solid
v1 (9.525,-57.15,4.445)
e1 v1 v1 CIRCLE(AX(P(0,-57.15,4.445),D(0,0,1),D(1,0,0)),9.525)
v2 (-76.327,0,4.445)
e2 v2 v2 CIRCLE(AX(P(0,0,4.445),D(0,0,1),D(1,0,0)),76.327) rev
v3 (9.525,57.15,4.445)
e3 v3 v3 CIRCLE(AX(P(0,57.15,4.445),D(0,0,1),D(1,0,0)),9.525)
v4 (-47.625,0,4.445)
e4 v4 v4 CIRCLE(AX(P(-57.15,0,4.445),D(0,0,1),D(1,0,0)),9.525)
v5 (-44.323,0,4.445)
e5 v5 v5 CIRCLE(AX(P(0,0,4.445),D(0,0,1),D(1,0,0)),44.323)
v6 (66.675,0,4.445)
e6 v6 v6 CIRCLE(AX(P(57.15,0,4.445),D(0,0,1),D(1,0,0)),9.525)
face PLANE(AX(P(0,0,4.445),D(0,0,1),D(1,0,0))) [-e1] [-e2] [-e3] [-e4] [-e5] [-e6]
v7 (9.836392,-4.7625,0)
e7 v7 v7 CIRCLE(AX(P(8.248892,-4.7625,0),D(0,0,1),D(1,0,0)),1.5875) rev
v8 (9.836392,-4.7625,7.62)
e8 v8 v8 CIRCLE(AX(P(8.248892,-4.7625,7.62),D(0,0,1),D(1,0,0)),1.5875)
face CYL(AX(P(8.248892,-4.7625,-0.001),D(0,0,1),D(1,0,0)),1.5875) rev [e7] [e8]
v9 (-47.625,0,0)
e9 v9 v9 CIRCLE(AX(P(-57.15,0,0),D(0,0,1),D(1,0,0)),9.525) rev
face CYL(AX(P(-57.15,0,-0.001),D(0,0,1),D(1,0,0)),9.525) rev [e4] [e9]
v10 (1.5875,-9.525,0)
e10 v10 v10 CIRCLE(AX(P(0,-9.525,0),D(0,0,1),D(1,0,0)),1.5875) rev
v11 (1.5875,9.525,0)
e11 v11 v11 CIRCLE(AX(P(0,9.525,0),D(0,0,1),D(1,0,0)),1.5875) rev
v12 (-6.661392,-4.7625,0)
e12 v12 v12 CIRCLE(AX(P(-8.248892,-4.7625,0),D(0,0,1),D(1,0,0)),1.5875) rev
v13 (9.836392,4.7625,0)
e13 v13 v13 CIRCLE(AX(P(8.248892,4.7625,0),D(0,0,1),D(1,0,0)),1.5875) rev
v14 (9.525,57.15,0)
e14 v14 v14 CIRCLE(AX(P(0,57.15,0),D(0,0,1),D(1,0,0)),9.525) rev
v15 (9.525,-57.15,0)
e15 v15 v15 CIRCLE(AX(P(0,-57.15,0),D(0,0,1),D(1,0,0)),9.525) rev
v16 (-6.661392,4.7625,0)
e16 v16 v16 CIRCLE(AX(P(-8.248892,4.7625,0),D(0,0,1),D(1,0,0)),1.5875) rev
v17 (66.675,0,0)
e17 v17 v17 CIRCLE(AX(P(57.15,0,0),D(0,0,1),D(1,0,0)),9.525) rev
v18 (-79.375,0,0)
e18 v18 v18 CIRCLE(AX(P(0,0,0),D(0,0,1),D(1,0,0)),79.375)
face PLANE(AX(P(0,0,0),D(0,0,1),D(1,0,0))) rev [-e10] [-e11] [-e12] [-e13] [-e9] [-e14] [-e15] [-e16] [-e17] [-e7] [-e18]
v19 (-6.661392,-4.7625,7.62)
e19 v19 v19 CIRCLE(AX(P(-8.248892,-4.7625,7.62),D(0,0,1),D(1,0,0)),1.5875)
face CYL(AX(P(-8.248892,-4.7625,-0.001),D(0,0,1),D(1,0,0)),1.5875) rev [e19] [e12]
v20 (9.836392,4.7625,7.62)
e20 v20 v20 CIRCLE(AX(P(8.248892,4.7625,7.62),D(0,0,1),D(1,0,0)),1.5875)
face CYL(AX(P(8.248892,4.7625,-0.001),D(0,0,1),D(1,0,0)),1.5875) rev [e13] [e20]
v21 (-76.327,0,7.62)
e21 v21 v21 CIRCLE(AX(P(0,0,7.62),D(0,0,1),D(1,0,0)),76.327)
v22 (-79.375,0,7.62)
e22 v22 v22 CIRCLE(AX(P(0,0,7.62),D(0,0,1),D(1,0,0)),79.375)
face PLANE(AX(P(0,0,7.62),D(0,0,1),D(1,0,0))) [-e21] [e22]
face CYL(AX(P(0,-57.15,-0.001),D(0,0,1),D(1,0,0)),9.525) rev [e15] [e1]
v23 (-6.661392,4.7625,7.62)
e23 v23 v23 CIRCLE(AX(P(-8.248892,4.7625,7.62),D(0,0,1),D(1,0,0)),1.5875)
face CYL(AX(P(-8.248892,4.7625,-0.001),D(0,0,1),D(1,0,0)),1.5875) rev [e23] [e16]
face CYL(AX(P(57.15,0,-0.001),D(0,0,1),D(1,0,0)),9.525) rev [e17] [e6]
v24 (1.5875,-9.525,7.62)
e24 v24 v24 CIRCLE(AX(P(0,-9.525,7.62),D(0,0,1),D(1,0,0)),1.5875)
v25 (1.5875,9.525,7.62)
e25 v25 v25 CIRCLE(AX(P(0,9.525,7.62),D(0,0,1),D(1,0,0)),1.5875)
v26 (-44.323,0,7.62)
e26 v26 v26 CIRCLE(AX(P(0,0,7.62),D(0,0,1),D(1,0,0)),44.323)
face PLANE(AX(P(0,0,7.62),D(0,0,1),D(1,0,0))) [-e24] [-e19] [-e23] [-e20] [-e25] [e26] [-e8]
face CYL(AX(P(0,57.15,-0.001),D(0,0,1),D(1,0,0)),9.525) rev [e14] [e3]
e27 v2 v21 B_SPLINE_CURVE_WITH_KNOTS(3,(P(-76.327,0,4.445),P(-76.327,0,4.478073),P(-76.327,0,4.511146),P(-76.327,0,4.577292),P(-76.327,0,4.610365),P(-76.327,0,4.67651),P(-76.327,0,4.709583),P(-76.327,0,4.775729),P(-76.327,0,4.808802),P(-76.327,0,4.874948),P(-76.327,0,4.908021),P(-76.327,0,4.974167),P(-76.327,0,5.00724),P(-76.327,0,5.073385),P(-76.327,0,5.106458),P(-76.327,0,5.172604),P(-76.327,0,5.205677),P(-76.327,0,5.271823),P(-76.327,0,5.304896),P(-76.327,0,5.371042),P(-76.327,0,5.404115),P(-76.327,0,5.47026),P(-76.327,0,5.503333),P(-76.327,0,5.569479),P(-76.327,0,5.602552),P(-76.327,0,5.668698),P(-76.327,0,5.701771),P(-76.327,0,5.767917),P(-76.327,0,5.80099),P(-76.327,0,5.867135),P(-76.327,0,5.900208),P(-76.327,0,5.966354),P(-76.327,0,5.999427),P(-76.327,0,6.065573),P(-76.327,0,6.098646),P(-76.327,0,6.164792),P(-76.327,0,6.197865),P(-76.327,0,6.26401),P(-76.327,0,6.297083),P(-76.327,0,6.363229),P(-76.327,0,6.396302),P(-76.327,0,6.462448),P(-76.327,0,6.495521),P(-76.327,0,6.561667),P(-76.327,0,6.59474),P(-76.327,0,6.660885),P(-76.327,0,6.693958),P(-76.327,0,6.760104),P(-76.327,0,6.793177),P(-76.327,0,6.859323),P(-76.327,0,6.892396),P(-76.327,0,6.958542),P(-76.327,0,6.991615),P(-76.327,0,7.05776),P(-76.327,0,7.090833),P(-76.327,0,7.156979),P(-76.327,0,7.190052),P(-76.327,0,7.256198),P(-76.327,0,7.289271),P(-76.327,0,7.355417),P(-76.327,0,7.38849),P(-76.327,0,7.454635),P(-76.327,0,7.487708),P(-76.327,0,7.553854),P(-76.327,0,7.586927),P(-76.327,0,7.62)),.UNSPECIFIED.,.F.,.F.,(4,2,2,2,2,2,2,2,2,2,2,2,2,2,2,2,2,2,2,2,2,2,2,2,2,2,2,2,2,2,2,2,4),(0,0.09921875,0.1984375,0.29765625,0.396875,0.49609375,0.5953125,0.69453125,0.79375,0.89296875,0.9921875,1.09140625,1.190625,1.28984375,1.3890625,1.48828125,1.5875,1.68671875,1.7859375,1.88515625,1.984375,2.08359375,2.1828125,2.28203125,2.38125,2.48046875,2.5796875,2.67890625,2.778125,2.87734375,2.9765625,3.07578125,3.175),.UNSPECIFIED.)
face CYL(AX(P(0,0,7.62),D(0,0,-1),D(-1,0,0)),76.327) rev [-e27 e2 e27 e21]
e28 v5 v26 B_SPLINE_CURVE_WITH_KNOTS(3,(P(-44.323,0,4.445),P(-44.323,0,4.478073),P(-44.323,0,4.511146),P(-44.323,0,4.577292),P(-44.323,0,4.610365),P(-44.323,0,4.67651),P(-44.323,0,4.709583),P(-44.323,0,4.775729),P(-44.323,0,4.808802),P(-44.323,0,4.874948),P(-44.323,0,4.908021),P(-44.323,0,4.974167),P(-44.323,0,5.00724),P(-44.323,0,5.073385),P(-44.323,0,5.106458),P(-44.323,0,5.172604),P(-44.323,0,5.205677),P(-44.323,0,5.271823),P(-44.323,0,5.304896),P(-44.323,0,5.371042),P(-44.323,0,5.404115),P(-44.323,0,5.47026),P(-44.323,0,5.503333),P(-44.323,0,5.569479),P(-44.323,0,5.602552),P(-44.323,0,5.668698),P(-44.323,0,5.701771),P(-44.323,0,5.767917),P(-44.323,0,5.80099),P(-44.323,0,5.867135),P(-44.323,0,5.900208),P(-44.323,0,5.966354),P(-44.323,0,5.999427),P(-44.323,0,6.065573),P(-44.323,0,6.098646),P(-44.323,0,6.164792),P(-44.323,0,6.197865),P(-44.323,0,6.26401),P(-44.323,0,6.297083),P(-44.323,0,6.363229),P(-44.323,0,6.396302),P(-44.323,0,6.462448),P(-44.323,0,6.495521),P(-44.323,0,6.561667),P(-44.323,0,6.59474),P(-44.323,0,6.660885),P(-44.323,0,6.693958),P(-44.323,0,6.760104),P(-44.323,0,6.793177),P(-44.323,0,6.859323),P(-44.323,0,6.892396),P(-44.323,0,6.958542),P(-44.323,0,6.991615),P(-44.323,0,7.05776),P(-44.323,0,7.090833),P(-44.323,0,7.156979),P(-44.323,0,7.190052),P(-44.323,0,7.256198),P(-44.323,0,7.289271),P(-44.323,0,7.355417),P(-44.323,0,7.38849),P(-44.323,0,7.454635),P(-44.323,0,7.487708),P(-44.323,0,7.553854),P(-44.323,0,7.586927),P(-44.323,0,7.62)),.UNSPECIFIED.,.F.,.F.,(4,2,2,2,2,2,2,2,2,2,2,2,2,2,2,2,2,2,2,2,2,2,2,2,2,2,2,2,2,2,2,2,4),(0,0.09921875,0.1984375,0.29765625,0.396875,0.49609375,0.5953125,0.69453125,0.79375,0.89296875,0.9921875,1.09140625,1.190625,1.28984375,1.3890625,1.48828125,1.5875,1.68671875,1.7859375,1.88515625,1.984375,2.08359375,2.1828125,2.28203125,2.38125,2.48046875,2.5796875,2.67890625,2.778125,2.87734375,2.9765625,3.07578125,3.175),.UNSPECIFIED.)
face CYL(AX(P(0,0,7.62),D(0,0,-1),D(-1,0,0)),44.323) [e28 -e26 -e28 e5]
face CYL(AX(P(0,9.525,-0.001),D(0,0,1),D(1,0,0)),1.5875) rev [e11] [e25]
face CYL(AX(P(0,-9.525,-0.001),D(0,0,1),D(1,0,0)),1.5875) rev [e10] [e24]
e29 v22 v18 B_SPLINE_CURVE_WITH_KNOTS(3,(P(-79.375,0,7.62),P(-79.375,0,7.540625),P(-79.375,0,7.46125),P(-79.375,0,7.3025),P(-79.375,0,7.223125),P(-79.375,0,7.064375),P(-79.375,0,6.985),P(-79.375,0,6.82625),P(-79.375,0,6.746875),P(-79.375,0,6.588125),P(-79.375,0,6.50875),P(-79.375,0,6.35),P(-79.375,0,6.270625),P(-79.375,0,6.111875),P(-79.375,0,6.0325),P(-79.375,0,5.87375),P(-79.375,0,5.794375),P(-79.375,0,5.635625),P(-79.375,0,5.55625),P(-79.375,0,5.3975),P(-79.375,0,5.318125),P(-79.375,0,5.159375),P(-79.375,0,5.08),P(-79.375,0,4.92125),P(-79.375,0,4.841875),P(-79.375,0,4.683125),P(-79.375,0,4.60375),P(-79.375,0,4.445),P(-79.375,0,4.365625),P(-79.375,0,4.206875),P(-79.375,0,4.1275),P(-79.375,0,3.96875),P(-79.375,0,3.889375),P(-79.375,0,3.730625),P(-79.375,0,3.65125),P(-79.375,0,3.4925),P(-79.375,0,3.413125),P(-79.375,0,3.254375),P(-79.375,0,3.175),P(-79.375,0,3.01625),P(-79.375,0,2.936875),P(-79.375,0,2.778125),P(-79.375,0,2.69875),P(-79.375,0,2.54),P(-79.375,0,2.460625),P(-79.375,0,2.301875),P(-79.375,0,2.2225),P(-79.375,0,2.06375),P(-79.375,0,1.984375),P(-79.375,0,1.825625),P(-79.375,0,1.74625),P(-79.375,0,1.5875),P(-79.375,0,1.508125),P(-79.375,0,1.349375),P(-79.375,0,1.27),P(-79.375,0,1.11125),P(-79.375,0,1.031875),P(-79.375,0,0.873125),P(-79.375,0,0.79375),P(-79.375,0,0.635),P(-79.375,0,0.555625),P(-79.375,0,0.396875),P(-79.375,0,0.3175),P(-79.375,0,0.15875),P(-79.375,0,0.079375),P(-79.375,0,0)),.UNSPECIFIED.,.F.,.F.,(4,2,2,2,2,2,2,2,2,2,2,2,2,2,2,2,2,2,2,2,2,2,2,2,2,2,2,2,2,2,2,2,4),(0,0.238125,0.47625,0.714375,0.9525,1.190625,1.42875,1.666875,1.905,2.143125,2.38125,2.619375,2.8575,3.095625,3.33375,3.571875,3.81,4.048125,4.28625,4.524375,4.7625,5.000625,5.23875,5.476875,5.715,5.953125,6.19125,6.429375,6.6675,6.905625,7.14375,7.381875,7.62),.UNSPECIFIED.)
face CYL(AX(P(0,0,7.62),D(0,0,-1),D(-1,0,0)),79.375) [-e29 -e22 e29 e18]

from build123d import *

# Parameters (mm, degrees)
SKETCH1_R             = 79.375
SKETCH1_R_2           = 76.327
BOSS_EXTRUDE1_DEPTH   = 7.62
SKETCH1_R_3           = 44.323
BOSS_EXTRUDE1_2_DEPTH = 7.62
SKETCH1_3_R           = 76.327
SKETCH1_3_R_2         = 44.323
BOSS_EXTRUDE2_DEPTH   = 4.445
CUT_EXTRUDE1_REACH    = 114.512
SKETCH2_R             = 1.5875
CUT_EXTRUDE2_REACH    = 114.341
SKETCH3_R             = 9.525


with BuildPart() as part:
    # Sketch1 → Boss-Extrude1 (new body)
    with BuildSketch(Plane.XY):
        Circle(SKETCH1_R)
        Circle(SKETCH1_R_2, mode=Mode.SUBTRACT)
    extrude(amount=BOSS_EXTRUDE1_DEPTH)



with BuildPart() as body_2:
    # Sketch1 → Boss-Extrude1 2 (new body)
    with BuildSketch(Plane.XY):
        Circle(SKETCH1_R_3)
    extrude(amount=BOSS_EXTRUDE1_2_DEPTH)


with BuildPart() as part_1:
    add(part.part)

    add(body_2.part)  # Boss-Extrude2 merges body 2
    # Sketch1<3> → Boss-Extrude2 (add)
    with BuildSketch(Plane.XY):
        Circle(SKETCH1_3_R)
        Circle(SKETCH1_3_R_2, mode=Mode.SUBTRACT)
    extrude(amount=BOSS_EXTRUDE2_DEPTH)

    # Sketch2 → Cut-Extrude1 (cut, up to next)
    with BuildSketch(Plane.XY.offset(7.62), mode=Mode.PRIVATE) as cut_extrude1_sk1:
        with Locations((0, 9.525)):
            Circle(SKETCH2_R)
    cut_extrude1_tool1 = extrude(cut_extrude1_sk1.sketch, amount=-CUT_EXTRUDE1_REACH, mode=Mode.PRIVATE) & part_1.part
    # Sketch2 → Cut-Extrude1 (cut, up to next)
    with BuildSketch(Plane.XY.offset(7.62), mode=Mode.PRIVATE) as cut_extrude1_sk2:
        with Locations((-8.248891971, 4.7625)):
            Circle(SKETCH2_R)
    cut_extrude1_tool2 = extrude(cut_extrude1_sk2.sketch, amount=-CUT_EXTRUDE1_REACH, mode=Mode.PRIVATE) & part_1.part
    # Sketch2 → Cut-Extrude1 (cut, up to next)
    with BuildSketch(Plane.XY.offset(7.62), mode=Mode.PRIVATE) as cut_extrude1_sk3:
        with Locations((8.248891971, 4.7625)):
            Circle(SKETCH2_R)
    cut_extrude1_tool3 = extrude(cut_extrude1_sk3.sketch, amount=-CUT_EXTRUDE1_REACH, mode=Mode.PRIVATE) & part_1.part
    # Sketch2 → Cut-Extrude1 (cut, up to next)
    with BuildSketch(Plane.XY.offset(7.62), mode=Mode.PRIVATE) as cut_extrude1_sk4:
        with Locations((-8.248891971, -4.7625)):
            Circle(SKETCH2_R)
    cut_extrude1_tool4 = extrude(cut_extrude1_sk4.sketch, amount=-CUT_EXTRUDE1_REACH, mode=Mode.PRIVATE) & part_1.part
    # Sketch2 → Cut-Extrude1 (cut, up to next)
    with BuildSketch(Plane.XY.offset(7.62), mode=Mode.PRIVATE) as cut_extrude1_sk5:
        with Locations((8.248891971, -4.7625)):
            Circle(SKETCH2_R)
    cut_extrude1_tool5 = extrude(cut_extrude1_sk5.sketch, amount=-CUT_EXTRUDE1_REACH, mode=Mode.PRIVATE) & part_1.part
    # Sketch2 → Cut-Extrude1 (cut, up to next)
    with BuildSketch(Plane.XY.offset(7.62), mode=Mode.PRIVATE) as cut_extrude1_sk6:
        with Locations((0, -9.525)):
            Circle(SKETCH2_R)
    cut_extrude1_tool6 = extrude(cut_extrude1_sk6.sketch, amount=-CUT_EXTRUDE1_REACH, mode=Mode.PRIVATE) & part_1.part
    add(cut_extrude1_tool1.solids().sort_by_distance((0, 9.525, 7.62))[0], mode=Mode.SUBTRACT)
    add(cut_extrude1_tool2.solids().sort_by_distance((-8.248892, 4.7625, 7.62))[0], mode=Mode.SUBTRACT)
    add(cut_extrude1_tool3.solids().sort_by_distance((8.248892, 4.7625, 7.62))[0], mode=Mode.SUBTRACT)
    add(cut_extrude1_tool4.solids().sort_by_distance((-8.248892, -4.7625, 7.62))[0], mode=Mode.SUBTRACT)
    add(cut_extrude1_tool5.solids().sort_by_distance((8.248892, -4.7625, 7.62))[0], mode=Mode.SUBTRACT)
    add(cut_extrude1_tool6.solids().sort_by_distance((0, -9.525, 7.62))[0], mode=Mode.SUBTRACT)

    # Sketch3 → Cut-Extrude2 (cut, up to next)
    with BuildSketch(Plane.XY.offset(4.445), mode=Mode.PRIVATE) as cut_extrude2_sk1:
        with Locations((57.15, 0)):
            Circle(SKETCH3_R)
    cut_extrude2_tool1 = extrude(cut_extrude2_sk1.sketch, amount=-CUT_EXTRUDE2_REACH, mode=Mode.PRIVATE) & part_1.part
    # Sketch3 → Cut-Extrude2 (cut, up to next)
    with BuildSketch(Plane.XY.offset(4.445), mode=Mode.PRIVATE) as cut_extrude2_sk2:
        with Locations((0, 57.15)):
            Circle(SKETCH3_R)
    cut_extrude2_tool2 = extrude(cut_extrude2_sk2.sketch, amount=-CUT_EXTRUDE2_REACH, mode=Mode.PRIVATE) & part_1.part
    # Sketch3 → Cut-Extrude2 (cut, up to next)
    with BuildSketch(Plane.XY.offset(4.445), mode=Mode.PRIVATE) as cut_extrude2_sk3:
        with Locations((0, -57.15)):
            Circle(SKETCH3_R)
    cut_extrude2_tool3 = extrude(cut_extrude2_sk3.sketch, amount=-CUT_EXTRUDE2_REACH, mode=Mode.PRIVATE) & part_1.part
    # Sketch3 → Cut-Extrude2 (cut, up to next)
    with BuildSketch(Plane.XY.offset(4.445), mode=Mode.PRIVATE) as cut_extrude2_sk4:
        with Locations((-57.15, 0)):
            Circle(SKETCH3_R)
    cut_extrude2_tool4 = extrude(cut_extrude2_sk4.sketch, amount=-CUT_EXTRUDE2_REACH, mode=Mode.PRIVATE) & part_1.part
    add(cut_extrude2_tool1.solids().sort_by_distance((57.15, 0, 4.445))[0], mode=Mode.SUBTRACT)
    add(cut_extrude2_tool2.solids().sort_by_distance((0, 57.15, 4.445))[0], mode=Mode.SUBTRACT)
    add(cut_extrude2_tool3.solids().sort_by_distance((0, -57.15, 4.445))[0], mode=Mode.SUBTRACT)
    add(cut_extrude2_tool4.solids().sort_by_distance((-57.15, 0, 4.445))[0], mode=Mode.SUBTRACT)


solid = part_1.part
